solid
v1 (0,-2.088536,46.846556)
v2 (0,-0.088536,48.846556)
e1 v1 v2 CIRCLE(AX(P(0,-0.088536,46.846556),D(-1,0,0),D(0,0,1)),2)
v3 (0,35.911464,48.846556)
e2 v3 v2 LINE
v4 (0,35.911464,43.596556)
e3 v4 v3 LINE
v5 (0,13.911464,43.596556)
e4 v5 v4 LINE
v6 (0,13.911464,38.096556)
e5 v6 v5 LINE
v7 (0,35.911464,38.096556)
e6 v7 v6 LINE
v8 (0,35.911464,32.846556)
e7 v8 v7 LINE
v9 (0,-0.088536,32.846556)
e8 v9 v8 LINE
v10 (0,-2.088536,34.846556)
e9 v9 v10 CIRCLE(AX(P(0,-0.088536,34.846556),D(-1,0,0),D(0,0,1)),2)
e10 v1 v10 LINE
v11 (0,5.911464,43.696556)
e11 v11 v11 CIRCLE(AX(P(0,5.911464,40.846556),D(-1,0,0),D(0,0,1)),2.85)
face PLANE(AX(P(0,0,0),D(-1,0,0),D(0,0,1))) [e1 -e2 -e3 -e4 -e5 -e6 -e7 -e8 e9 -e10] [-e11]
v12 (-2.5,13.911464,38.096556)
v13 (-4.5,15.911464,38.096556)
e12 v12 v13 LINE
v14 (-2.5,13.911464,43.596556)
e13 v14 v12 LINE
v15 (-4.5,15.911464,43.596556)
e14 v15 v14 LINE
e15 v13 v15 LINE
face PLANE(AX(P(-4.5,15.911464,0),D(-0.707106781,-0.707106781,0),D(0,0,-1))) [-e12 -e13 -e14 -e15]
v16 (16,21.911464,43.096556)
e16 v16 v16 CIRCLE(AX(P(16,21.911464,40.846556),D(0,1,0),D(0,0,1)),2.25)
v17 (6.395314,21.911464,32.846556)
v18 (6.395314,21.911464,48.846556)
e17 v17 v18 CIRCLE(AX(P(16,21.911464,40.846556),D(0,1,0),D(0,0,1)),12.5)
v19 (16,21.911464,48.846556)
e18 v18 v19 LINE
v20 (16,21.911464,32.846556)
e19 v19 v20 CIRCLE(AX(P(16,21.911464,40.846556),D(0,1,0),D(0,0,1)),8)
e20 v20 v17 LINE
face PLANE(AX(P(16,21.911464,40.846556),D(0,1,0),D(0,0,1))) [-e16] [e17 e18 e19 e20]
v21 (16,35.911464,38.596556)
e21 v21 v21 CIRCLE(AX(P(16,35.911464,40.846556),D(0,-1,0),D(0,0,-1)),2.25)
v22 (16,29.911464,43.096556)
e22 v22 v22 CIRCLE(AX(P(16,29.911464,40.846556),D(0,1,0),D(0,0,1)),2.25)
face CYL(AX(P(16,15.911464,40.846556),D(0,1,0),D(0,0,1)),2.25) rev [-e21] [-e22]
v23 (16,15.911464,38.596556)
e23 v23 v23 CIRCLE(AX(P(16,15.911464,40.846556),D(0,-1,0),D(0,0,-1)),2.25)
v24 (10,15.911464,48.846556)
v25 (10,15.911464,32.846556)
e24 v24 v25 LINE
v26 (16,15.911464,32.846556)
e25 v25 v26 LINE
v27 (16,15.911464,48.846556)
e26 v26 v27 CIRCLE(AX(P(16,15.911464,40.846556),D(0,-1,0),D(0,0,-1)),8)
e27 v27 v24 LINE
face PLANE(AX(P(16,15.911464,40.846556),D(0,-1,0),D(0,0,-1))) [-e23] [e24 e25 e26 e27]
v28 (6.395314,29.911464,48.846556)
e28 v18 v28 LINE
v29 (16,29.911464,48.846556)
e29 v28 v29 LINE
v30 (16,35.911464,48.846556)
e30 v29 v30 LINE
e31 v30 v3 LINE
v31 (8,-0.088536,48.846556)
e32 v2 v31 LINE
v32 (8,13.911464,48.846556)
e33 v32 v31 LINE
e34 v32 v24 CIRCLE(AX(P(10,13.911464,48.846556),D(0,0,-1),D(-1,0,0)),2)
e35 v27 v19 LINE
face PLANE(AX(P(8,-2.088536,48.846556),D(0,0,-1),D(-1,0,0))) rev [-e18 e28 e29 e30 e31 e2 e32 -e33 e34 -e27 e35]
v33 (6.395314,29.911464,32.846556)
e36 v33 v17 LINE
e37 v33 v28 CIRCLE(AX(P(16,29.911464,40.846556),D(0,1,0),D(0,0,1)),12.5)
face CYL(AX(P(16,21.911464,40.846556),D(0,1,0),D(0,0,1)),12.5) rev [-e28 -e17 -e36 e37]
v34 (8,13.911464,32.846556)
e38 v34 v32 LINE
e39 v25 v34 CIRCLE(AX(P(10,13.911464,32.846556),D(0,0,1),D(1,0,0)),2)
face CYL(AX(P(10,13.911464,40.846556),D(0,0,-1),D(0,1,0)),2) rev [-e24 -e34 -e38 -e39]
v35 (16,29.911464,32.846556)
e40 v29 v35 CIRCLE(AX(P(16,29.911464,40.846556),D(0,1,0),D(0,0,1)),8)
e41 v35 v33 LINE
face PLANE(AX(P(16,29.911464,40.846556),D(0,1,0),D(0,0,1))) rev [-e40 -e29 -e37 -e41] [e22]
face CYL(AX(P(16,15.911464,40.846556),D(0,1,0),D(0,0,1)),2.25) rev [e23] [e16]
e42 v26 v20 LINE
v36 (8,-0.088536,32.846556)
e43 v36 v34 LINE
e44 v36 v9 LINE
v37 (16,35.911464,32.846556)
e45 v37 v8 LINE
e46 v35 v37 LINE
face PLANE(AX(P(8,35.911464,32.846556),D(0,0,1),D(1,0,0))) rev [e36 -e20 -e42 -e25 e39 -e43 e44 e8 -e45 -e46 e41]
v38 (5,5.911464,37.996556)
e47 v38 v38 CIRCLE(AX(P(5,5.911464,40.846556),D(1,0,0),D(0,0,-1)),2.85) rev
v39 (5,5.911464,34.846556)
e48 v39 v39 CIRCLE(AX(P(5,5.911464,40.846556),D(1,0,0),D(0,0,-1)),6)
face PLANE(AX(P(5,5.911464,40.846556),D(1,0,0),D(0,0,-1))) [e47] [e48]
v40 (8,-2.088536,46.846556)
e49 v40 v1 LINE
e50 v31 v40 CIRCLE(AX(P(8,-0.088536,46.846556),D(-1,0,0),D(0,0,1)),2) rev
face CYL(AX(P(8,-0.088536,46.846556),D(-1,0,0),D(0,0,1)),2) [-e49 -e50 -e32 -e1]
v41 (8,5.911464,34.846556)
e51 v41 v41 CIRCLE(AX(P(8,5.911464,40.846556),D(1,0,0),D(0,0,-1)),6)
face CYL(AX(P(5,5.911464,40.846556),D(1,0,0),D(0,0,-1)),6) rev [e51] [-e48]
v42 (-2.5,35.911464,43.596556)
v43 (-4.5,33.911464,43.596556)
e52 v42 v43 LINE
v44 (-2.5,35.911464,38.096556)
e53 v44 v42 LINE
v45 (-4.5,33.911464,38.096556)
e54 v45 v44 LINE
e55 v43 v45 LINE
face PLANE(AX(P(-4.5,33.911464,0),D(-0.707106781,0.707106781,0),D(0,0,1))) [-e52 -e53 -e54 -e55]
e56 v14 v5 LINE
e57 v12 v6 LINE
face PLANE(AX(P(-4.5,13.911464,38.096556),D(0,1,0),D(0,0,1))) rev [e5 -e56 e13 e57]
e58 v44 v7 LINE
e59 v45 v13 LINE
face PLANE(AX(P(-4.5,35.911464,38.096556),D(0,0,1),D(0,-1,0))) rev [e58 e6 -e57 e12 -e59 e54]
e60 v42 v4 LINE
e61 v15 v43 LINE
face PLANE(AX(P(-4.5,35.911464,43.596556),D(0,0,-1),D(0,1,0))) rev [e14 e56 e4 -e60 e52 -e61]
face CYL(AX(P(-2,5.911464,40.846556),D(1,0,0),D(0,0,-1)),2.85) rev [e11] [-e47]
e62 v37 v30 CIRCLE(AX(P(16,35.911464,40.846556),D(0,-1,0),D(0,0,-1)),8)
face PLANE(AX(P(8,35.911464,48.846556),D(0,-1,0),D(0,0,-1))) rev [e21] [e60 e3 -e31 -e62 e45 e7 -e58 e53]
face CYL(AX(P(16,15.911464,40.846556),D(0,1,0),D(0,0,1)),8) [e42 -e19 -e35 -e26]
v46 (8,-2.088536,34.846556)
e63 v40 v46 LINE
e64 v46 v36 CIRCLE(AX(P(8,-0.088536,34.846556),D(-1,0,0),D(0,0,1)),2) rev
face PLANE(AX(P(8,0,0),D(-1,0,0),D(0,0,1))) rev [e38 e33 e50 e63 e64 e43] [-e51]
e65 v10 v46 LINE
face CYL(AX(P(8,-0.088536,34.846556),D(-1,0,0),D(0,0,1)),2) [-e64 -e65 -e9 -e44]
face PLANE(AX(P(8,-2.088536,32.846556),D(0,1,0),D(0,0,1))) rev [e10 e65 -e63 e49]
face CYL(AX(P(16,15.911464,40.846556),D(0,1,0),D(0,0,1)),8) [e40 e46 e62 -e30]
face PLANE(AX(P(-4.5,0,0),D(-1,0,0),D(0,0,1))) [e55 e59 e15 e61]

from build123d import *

# Parameters (mm, degrees)
SKETCH1_W           = 16
SKETCH1_H           = 38
BOSS_EXTRUDE1_DEPTH = 8
SKETCH2_W           = 5.5
SKETCH2_H           = 22
BOSS_EXTRUDE2_DEPTH = 4.5
SKETCH6_R           = 2.25
BOSS_EXTRUDE3_DEPTH = 20
FILLET6_R           = 2
CHAMFER1_SIZE       = 2
SKETCH7_R           = 2.85
CUT_EXTRUDE1_DEPTH  = 10
SKETCH8_R           = 6
CUT_EXTRUDE2_DEPTH  = 3
CUT_EXTRUDE3_START  = -10
SKETCH9_R           = 12.5
CUT_EXTRUDE3_DEPTH  = 4
FILLET7_R           = 2


with BuildPart() as part:
    # Sketch1 → Boss-Extrude1 (new body)
    with BuildSketch(Plane(origin=(0, 0, 0), x_dir=(0, 0, -1), z_dir=(1, 0, 0))):
        with Locations((-40.846556001, 16.91146402)):
            Rectangle(SKETCH1_W, SKETCH1_H)
    extrude(amount=BOSS_EXTRUDE1_DEPTH)

    # Sketch2 → Boss-Extrude2 (add)
    with BuildSketch(Plane.ZY):
        with Locations((40.846556001, 24.91146402)):
            Rectangle(SKETCH2_W, SKETCH2_H)
    extrude(amount=BOSS_EXTRUDE2_DEPTH)

    # Sketch6 → Boss-Extrude3 (add)
    with BuildSketch(Plane.XZ.offset(-35.91146402)):
        with BuildLine():
            Line((8, 48.846556001), (16, 48.846556001))
            ThreePointArc((16, 48.846556001), (24, 40.846556001), (16, 32.846556001))
            Line((16, 32.846556001), (8, 32.846556001))
            Line((8, 32.846556001), (8, 48.846556001))
        make_face()
        with Locations(Location((16, 40.846556001, 0), (0, 0, 270))):
            Circle(SKETCH6_R, mode=Mode.SUBTRACT)
    extrude(amount=BOSS_EXTRUDE3_DEPTH)

    # Fillet6
    fillet6_edges = [part.edges().sort_by_distance(p)[0] for p in [
        (8, 15.91146402, 40.846556001),
    ]]
    fillet(fillet6_edges, radius=FILLET6_R)

    # Chamfer1
    chamfer1_edges = [part.edges().sort_by_distance(p)[0] for p in [
        (-4.5, 13.91146402, 40.846556001),
        (-4.5, 35.91146402, 40.846556001),
    ]]
    chamfer(chamfer1_edges, length=CHAMFER1_SIZE)

    # Sketch7 → Cut-Extrude1 (cut)
    with BuildSketch(Plane(origin=(8, 0, 0), x_dir=(0, 0, -1), z_dir=(1, 0, 0))):
        with Locations((-40.846556001, 5.91146402)):
            Circle(SKETCH7_R)
    extrude(amount=-CUT_EXTRUDE1_DEPTH, mode=Mode.SUBTRACT)

    # Sketch8 → Cut-Extrude2 (cut)
    with BuildSketch(Plane(origin=(8, 0, 0), x_dir=(0, 0, -1), z_dir=(1, 0, 0))):
        with Locations((-40.846556001, 5.91146402)):
            Circle(SKETCH8_R)
    extrude(amount=-CUT_EXTRUDE2_DEPTH, mode=Mode.SUBTRACT)

    # Sketch9 → Cut-Extrude3 (cut, symmetric)
    with BuildSketch(Plane(origin=(0, 35.91146402, 0), x_dir=(1, 0, 0), z_dir=(0, 1, 0)).offset(CUT_EXTRUDE3_START)):
        with Locations((16, -40.846556001)):
            Circle(SKETCH9_R)
    extrude(amount=CUT_EXTRUDE3_DEPTH, both=True, mode=Mode.SUBTRACT)

    # Fillet7
    fillet7_edges = [part.edges().sort_by_distance(p)[0] for p in [
        (4, -2.08853598, 32.846556001),
        (4, -2.08853598, 48.846556001),
    ]]
    fillet(fillet7_edges, radius=FILLET7_R)


solid = part.part
